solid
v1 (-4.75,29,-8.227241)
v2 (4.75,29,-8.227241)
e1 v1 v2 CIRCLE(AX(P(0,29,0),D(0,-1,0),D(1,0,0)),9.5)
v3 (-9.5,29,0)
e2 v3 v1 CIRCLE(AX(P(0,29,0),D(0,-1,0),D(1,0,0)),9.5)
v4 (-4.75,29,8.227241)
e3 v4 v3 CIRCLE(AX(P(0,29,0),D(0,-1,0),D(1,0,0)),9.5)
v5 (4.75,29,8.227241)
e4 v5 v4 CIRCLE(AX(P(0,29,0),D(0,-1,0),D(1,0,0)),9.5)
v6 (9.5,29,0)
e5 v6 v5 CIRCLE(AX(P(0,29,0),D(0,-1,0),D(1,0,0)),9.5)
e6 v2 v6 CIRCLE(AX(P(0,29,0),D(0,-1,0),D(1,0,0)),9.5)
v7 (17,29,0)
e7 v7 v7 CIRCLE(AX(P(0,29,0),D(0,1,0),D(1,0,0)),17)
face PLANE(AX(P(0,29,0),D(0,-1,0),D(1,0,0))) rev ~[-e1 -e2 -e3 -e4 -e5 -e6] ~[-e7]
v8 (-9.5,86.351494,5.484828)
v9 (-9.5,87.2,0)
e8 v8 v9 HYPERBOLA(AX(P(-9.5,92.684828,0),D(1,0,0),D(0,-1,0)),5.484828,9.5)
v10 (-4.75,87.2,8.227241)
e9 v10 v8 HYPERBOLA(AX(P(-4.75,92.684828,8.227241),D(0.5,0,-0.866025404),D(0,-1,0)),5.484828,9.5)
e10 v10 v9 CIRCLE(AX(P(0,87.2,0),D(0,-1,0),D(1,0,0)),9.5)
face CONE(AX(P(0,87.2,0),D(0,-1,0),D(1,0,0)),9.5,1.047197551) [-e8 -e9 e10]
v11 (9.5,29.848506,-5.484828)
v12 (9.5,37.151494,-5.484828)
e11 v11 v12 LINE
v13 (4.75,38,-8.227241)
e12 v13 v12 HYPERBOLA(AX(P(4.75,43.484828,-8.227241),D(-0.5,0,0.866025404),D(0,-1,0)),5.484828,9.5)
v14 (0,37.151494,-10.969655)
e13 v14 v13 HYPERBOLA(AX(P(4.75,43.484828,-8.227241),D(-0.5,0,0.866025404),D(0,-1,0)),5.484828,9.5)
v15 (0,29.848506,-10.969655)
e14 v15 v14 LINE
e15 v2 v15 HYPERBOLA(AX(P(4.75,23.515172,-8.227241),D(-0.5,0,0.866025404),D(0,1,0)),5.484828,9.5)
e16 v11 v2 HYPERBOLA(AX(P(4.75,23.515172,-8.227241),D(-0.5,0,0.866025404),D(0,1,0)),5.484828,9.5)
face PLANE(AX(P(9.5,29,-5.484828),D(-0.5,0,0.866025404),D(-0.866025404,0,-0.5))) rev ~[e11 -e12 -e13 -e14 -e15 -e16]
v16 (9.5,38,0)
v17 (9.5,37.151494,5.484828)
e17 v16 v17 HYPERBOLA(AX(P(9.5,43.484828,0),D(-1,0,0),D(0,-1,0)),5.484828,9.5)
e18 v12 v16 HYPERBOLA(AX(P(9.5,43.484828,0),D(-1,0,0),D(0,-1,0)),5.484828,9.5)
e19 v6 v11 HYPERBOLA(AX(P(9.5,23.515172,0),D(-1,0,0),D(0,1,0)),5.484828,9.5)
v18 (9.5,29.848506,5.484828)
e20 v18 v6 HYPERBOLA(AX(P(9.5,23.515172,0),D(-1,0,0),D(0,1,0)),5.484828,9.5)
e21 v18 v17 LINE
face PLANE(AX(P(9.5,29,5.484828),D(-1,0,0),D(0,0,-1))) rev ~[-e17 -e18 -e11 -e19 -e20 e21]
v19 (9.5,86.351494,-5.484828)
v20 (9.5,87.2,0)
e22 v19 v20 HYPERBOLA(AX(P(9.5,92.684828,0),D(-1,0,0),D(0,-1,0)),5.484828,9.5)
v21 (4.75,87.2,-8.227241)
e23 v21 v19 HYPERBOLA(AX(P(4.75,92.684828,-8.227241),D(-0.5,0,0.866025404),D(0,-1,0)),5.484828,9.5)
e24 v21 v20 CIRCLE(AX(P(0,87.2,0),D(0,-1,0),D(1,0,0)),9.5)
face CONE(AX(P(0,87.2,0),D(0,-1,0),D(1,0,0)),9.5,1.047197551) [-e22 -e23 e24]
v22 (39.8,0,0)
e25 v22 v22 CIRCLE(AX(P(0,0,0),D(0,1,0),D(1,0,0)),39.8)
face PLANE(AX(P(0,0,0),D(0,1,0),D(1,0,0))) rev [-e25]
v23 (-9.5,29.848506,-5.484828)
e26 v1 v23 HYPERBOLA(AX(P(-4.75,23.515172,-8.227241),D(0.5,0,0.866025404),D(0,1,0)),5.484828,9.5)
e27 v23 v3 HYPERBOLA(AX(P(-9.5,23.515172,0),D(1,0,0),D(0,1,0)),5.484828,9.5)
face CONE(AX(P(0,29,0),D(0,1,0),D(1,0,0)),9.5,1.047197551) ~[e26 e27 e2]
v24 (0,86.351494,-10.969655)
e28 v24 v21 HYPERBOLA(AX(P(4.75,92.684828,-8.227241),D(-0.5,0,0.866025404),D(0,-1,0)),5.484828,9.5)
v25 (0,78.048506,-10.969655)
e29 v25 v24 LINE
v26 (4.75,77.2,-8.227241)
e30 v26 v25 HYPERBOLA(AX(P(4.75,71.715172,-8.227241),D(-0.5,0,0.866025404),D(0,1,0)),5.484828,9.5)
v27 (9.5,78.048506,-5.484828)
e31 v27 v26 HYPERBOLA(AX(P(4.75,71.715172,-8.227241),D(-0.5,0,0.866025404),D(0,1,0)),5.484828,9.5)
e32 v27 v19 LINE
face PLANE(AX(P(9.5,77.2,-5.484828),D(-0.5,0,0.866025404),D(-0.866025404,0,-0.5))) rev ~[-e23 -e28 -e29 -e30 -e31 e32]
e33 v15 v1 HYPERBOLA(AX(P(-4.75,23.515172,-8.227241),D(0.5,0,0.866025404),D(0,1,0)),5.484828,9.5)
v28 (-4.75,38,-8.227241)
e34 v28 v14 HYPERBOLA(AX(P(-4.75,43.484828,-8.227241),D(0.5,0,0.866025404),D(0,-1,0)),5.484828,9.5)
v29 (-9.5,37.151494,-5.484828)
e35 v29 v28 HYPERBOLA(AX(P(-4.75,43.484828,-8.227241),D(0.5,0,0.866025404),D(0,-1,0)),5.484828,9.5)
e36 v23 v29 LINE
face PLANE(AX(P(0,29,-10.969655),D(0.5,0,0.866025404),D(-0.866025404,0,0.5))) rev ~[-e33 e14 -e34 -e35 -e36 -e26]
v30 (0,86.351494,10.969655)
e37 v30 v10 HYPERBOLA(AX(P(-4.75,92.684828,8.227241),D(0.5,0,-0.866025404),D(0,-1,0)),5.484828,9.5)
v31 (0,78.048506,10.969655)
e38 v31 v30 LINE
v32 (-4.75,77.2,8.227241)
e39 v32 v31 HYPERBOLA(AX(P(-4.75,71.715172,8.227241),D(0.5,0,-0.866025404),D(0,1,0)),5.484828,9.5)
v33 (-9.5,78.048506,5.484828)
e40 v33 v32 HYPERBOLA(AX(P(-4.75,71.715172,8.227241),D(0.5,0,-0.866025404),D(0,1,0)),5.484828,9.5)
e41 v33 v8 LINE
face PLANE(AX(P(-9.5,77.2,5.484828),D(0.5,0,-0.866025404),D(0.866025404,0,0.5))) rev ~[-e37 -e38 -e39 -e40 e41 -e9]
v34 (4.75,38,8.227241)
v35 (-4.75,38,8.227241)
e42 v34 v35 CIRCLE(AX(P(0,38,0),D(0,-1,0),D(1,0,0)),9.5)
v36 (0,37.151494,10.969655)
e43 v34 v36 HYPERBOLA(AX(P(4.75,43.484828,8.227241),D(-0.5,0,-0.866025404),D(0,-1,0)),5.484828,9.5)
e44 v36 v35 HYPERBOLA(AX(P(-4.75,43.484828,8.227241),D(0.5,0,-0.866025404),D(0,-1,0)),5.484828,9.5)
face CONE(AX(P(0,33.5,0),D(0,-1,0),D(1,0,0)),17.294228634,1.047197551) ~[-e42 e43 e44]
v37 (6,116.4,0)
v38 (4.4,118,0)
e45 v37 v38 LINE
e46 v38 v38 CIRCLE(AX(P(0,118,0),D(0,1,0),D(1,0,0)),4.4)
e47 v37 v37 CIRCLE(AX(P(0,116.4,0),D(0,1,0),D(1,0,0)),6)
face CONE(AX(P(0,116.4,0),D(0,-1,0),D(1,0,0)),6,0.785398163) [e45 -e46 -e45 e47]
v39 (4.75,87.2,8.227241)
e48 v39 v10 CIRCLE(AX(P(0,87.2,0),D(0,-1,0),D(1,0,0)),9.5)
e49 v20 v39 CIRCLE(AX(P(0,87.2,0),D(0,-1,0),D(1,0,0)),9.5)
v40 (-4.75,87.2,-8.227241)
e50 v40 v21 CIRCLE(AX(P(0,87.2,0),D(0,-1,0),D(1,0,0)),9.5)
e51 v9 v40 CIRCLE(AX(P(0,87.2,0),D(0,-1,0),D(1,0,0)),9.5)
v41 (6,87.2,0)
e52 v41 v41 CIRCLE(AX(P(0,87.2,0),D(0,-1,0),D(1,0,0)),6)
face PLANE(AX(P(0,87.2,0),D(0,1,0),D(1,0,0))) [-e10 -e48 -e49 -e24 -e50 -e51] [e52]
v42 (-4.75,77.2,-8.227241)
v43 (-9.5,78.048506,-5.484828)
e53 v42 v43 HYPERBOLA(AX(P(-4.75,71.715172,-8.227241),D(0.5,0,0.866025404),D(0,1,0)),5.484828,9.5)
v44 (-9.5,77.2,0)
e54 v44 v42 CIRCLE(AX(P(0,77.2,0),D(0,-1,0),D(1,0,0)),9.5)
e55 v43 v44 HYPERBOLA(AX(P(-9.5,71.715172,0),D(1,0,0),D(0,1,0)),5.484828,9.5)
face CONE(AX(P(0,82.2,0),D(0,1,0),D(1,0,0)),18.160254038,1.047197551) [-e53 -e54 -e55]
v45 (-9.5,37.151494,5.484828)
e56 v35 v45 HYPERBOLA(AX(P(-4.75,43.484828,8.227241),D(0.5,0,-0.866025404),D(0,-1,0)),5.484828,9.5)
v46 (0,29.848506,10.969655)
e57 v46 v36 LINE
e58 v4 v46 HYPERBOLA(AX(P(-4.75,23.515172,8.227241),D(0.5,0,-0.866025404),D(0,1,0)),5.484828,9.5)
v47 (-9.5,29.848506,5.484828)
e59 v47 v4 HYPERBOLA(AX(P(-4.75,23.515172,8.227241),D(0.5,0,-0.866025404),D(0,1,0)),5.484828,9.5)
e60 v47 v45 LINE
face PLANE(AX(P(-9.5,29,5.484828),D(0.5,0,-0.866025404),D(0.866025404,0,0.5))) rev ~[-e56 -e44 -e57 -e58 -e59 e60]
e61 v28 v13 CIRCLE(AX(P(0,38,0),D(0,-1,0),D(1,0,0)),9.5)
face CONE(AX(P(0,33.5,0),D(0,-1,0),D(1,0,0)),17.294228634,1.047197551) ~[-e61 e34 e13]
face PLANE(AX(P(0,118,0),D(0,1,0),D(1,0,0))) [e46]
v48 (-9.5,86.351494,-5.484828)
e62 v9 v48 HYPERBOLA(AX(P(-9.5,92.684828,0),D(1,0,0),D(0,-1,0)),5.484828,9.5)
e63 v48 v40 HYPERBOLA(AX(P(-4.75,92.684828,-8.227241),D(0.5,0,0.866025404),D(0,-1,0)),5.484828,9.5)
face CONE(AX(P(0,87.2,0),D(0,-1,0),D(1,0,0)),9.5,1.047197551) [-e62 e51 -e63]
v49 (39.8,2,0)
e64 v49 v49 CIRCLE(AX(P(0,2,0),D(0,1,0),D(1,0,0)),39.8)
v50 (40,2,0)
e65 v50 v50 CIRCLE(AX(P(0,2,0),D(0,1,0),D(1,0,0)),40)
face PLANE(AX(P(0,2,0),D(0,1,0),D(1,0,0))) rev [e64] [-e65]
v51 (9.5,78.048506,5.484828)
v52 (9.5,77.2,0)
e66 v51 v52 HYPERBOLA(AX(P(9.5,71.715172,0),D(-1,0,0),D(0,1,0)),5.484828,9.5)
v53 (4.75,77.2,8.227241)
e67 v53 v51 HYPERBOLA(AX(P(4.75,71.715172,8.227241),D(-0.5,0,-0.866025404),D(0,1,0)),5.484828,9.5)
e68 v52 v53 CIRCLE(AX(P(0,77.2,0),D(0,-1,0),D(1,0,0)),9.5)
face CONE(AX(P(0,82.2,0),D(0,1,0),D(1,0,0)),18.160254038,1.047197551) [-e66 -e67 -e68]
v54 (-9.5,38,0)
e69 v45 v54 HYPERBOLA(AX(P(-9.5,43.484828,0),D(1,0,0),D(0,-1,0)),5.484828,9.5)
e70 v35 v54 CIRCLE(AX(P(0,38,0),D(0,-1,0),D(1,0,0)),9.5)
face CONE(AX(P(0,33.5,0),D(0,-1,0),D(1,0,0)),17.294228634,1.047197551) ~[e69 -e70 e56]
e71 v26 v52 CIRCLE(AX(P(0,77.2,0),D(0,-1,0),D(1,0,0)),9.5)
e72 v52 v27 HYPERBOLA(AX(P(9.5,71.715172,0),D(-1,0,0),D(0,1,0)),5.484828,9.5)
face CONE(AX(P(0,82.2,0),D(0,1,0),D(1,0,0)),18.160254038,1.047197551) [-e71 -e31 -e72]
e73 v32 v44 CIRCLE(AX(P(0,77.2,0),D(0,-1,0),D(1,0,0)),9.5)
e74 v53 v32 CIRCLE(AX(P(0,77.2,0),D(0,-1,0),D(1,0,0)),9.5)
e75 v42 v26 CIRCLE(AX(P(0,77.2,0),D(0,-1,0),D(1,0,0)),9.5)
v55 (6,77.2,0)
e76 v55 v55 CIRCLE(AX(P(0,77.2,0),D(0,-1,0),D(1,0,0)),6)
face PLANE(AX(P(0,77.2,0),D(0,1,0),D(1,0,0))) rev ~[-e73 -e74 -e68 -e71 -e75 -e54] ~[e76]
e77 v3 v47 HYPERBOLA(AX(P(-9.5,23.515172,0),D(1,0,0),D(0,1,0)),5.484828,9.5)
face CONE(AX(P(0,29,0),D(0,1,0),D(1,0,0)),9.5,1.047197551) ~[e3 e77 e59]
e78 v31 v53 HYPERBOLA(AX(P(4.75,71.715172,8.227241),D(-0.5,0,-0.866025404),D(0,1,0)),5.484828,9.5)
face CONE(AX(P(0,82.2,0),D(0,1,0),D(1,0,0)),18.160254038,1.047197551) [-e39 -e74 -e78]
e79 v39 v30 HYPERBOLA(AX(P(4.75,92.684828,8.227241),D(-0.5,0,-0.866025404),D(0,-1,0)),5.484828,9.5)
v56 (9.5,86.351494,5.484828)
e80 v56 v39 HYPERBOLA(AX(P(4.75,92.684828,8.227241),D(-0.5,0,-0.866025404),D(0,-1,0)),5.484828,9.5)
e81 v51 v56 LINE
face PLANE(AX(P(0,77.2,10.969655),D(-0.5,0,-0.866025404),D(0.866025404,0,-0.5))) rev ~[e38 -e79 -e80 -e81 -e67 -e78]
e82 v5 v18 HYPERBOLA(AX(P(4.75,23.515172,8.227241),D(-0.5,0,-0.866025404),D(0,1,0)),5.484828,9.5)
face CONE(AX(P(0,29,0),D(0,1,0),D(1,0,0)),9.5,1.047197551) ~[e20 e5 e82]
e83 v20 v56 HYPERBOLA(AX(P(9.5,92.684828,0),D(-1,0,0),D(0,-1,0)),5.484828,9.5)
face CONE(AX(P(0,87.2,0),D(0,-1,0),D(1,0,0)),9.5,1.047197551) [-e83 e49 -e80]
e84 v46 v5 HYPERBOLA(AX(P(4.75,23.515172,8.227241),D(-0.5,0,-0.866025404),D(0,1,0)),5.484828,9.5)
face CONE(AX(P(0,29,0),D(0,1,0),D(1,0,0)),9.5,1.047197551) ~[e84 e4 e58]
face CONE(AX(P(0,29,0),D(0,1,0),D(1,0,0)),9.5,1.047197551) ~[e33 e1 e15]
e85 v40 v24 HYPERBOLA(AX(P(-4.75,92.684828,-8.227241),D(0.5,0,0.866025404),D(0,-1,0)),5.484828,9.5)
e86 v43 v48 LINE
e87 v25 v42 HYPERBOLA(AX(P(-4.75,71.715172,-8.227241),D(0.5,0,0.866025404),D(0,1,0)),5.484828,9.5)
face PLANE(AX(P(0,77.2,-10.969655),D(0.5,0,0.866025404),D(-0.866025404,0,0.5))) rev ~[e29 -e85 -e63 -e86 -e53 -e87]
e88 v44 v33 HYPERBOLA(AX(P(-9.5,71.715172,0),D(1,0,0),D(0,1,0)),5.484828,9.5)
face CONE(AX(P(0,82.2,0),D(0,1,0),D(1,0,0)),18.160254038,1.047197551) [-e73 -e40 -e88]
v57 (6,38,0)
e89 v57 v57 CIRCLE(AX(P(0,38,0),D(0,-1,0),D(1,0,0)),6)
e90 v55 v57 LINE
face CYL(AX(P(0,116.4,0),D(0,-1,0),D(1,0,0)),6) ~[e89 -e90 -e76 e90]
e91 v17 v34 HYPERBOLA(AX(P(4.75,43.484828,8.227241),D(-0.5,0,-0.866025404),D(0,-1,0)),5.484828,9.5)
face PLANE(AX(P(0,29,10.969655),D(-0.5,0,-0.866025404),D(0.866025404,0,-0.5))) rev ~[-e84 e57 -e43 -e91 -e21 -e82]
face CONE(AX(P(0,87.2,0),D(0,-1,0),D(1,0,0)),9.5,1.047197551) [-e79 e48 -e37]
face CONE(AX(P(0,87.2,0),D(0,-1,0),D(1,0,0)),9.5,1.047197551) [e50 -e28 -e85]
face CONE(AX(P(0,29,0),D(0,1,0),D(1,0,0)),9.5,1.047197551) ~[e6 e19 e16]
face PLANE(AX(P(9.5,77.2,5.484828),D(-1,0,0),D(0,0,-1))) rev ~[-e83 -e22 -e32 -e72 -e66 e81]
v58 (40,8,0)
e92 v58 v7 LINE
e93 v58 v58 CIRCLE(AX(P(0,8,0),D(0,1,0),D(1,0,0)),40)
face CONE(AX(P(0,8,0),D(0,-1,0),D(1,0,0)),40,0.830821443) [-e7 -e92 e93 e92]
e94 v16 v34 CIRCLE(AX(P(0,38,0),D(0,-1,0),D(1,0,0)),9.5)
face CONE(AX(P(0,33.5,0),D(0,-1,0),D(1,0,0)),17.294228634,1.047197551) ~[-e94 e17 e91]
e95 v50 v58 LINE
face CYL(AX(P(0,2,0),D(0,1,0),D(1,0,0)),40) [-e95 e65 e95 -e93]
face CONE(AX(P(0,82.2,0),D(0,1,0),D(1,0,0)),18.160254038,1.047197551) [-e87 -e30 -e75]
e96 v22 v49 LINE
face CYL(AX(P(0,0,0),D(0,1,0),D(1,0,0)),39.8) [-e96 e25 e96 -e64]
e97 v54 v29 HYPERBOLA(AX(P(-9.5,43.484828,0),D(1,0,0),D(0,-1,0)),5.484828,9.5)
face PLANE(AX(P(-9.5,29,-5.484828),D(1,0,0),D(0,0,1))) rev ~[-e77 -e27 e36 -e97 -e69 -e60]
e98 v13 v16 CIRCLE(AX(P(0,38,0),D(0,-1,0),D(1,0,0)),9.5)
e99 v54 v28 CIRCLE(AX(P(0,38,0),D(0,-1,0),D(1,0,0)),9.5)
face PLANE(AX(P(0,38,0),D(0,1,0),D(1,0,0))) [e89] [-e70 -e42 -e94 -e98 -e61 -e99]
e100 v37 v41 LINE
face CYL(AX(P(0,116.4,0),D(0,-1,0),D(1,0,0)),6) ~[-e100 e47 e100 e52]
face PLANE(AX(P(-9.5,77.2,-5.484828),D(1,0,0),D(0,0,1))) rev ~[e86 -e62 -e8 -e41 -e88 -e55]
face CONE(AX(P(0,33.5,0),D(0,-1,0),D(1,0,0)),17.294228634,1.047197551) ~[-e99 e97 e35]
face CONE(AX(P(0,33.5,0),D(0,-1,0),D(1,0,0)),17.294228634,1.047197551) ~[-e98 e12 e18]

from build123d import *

# Parameters (mm, degrees)
EXTRUDE_1_DEPTH = 9
EXTRUDE_2_DEPTH = 10


with BuildPart() as part:
    # Эскиз1 → Повернуть1 (revolve)
    with BuildSketch(Plane.XY, mode=Mode.PRIVATE) as revolve_1_sk:
        Polygon((0, 0), (-39.8, 0), (-39.8, 2), (-40, 2), (-40, 8), (-17, 29), (-6, 29), (-6, 38), (-6, 116.4), (-4.4, 118), (0, 118), align=None)
    revolve(revolve_1_sk.sketch.rotate(Axis((0, 0, 0), (0, 1, 0)), 180), axis=Axis((0, 0, 0), (0, 1, 0)))  # turned: the seam where the file's is

    # Эскиз2 → Бобышка-Вытянуть1 (add)
    with BuildSketch(Plane(origin=(0, 29, 0), x_dir=(1, 0, 0), z_dir=(0, 1, 0))):
        Polygon((0, 10.969655115), (-9.5, 5.484827557), (-9.5, -5.484827557), (0, -10.969655115), (9.5, -5.484827557), (9.5, 5.484827557), align=None)
    extrude(amount=EXTRUDE_1_DEPTH)

    # Эскиз3 → Бобышка-Вытянуть2 (add)
    with BuildSketch(Plane(origin=(0, 77.2, 0), x_dir=(1, 0, 0), z_dir=(0, 1, 0))):
        Polygon((9.5, 5.484827557), (0, 10.969655115), (-9.5, 5.484827557), (-9.5, -5.484827557), (0, -10.969655115), (9.5, -5.484827557), align=None)
    extrude(amount=EXTRUDE_2_DEPTH)

    # Эскиз4 → Вырез-Повернуть2 (revolve, cut)
    with BuildSketch(Plane.XY, mode=Mode.PRIVATE) as cut_revolve_2_sk:
        Polygon((-18.160254038, 87.2), (-9.5, 87.2), (-18.160254038, 82.2), align=None)
        Polygon((-18.160254038, 77.2), (-18.160254038, 82.2), (-9.5, 77.2), align=None)
        Polygon((-17.294228634, 38), (-17.294228634, 33.5), (-9.5, 38), align=None)
        Polygon((-17.294228634, 33.5), (-17.294228634, 29), (-9.5, 29), align=None)
    revolve(cut_revolve_2_sk.sketch.rotate(Axis((0, 118, 0), (0, -1, 0)), 180), axis=Axis((0, 118, 0), (0, -1, 0)), mode=Mode.SUBTRACT)  # turned: the seam where the file's is


solid = part.part
